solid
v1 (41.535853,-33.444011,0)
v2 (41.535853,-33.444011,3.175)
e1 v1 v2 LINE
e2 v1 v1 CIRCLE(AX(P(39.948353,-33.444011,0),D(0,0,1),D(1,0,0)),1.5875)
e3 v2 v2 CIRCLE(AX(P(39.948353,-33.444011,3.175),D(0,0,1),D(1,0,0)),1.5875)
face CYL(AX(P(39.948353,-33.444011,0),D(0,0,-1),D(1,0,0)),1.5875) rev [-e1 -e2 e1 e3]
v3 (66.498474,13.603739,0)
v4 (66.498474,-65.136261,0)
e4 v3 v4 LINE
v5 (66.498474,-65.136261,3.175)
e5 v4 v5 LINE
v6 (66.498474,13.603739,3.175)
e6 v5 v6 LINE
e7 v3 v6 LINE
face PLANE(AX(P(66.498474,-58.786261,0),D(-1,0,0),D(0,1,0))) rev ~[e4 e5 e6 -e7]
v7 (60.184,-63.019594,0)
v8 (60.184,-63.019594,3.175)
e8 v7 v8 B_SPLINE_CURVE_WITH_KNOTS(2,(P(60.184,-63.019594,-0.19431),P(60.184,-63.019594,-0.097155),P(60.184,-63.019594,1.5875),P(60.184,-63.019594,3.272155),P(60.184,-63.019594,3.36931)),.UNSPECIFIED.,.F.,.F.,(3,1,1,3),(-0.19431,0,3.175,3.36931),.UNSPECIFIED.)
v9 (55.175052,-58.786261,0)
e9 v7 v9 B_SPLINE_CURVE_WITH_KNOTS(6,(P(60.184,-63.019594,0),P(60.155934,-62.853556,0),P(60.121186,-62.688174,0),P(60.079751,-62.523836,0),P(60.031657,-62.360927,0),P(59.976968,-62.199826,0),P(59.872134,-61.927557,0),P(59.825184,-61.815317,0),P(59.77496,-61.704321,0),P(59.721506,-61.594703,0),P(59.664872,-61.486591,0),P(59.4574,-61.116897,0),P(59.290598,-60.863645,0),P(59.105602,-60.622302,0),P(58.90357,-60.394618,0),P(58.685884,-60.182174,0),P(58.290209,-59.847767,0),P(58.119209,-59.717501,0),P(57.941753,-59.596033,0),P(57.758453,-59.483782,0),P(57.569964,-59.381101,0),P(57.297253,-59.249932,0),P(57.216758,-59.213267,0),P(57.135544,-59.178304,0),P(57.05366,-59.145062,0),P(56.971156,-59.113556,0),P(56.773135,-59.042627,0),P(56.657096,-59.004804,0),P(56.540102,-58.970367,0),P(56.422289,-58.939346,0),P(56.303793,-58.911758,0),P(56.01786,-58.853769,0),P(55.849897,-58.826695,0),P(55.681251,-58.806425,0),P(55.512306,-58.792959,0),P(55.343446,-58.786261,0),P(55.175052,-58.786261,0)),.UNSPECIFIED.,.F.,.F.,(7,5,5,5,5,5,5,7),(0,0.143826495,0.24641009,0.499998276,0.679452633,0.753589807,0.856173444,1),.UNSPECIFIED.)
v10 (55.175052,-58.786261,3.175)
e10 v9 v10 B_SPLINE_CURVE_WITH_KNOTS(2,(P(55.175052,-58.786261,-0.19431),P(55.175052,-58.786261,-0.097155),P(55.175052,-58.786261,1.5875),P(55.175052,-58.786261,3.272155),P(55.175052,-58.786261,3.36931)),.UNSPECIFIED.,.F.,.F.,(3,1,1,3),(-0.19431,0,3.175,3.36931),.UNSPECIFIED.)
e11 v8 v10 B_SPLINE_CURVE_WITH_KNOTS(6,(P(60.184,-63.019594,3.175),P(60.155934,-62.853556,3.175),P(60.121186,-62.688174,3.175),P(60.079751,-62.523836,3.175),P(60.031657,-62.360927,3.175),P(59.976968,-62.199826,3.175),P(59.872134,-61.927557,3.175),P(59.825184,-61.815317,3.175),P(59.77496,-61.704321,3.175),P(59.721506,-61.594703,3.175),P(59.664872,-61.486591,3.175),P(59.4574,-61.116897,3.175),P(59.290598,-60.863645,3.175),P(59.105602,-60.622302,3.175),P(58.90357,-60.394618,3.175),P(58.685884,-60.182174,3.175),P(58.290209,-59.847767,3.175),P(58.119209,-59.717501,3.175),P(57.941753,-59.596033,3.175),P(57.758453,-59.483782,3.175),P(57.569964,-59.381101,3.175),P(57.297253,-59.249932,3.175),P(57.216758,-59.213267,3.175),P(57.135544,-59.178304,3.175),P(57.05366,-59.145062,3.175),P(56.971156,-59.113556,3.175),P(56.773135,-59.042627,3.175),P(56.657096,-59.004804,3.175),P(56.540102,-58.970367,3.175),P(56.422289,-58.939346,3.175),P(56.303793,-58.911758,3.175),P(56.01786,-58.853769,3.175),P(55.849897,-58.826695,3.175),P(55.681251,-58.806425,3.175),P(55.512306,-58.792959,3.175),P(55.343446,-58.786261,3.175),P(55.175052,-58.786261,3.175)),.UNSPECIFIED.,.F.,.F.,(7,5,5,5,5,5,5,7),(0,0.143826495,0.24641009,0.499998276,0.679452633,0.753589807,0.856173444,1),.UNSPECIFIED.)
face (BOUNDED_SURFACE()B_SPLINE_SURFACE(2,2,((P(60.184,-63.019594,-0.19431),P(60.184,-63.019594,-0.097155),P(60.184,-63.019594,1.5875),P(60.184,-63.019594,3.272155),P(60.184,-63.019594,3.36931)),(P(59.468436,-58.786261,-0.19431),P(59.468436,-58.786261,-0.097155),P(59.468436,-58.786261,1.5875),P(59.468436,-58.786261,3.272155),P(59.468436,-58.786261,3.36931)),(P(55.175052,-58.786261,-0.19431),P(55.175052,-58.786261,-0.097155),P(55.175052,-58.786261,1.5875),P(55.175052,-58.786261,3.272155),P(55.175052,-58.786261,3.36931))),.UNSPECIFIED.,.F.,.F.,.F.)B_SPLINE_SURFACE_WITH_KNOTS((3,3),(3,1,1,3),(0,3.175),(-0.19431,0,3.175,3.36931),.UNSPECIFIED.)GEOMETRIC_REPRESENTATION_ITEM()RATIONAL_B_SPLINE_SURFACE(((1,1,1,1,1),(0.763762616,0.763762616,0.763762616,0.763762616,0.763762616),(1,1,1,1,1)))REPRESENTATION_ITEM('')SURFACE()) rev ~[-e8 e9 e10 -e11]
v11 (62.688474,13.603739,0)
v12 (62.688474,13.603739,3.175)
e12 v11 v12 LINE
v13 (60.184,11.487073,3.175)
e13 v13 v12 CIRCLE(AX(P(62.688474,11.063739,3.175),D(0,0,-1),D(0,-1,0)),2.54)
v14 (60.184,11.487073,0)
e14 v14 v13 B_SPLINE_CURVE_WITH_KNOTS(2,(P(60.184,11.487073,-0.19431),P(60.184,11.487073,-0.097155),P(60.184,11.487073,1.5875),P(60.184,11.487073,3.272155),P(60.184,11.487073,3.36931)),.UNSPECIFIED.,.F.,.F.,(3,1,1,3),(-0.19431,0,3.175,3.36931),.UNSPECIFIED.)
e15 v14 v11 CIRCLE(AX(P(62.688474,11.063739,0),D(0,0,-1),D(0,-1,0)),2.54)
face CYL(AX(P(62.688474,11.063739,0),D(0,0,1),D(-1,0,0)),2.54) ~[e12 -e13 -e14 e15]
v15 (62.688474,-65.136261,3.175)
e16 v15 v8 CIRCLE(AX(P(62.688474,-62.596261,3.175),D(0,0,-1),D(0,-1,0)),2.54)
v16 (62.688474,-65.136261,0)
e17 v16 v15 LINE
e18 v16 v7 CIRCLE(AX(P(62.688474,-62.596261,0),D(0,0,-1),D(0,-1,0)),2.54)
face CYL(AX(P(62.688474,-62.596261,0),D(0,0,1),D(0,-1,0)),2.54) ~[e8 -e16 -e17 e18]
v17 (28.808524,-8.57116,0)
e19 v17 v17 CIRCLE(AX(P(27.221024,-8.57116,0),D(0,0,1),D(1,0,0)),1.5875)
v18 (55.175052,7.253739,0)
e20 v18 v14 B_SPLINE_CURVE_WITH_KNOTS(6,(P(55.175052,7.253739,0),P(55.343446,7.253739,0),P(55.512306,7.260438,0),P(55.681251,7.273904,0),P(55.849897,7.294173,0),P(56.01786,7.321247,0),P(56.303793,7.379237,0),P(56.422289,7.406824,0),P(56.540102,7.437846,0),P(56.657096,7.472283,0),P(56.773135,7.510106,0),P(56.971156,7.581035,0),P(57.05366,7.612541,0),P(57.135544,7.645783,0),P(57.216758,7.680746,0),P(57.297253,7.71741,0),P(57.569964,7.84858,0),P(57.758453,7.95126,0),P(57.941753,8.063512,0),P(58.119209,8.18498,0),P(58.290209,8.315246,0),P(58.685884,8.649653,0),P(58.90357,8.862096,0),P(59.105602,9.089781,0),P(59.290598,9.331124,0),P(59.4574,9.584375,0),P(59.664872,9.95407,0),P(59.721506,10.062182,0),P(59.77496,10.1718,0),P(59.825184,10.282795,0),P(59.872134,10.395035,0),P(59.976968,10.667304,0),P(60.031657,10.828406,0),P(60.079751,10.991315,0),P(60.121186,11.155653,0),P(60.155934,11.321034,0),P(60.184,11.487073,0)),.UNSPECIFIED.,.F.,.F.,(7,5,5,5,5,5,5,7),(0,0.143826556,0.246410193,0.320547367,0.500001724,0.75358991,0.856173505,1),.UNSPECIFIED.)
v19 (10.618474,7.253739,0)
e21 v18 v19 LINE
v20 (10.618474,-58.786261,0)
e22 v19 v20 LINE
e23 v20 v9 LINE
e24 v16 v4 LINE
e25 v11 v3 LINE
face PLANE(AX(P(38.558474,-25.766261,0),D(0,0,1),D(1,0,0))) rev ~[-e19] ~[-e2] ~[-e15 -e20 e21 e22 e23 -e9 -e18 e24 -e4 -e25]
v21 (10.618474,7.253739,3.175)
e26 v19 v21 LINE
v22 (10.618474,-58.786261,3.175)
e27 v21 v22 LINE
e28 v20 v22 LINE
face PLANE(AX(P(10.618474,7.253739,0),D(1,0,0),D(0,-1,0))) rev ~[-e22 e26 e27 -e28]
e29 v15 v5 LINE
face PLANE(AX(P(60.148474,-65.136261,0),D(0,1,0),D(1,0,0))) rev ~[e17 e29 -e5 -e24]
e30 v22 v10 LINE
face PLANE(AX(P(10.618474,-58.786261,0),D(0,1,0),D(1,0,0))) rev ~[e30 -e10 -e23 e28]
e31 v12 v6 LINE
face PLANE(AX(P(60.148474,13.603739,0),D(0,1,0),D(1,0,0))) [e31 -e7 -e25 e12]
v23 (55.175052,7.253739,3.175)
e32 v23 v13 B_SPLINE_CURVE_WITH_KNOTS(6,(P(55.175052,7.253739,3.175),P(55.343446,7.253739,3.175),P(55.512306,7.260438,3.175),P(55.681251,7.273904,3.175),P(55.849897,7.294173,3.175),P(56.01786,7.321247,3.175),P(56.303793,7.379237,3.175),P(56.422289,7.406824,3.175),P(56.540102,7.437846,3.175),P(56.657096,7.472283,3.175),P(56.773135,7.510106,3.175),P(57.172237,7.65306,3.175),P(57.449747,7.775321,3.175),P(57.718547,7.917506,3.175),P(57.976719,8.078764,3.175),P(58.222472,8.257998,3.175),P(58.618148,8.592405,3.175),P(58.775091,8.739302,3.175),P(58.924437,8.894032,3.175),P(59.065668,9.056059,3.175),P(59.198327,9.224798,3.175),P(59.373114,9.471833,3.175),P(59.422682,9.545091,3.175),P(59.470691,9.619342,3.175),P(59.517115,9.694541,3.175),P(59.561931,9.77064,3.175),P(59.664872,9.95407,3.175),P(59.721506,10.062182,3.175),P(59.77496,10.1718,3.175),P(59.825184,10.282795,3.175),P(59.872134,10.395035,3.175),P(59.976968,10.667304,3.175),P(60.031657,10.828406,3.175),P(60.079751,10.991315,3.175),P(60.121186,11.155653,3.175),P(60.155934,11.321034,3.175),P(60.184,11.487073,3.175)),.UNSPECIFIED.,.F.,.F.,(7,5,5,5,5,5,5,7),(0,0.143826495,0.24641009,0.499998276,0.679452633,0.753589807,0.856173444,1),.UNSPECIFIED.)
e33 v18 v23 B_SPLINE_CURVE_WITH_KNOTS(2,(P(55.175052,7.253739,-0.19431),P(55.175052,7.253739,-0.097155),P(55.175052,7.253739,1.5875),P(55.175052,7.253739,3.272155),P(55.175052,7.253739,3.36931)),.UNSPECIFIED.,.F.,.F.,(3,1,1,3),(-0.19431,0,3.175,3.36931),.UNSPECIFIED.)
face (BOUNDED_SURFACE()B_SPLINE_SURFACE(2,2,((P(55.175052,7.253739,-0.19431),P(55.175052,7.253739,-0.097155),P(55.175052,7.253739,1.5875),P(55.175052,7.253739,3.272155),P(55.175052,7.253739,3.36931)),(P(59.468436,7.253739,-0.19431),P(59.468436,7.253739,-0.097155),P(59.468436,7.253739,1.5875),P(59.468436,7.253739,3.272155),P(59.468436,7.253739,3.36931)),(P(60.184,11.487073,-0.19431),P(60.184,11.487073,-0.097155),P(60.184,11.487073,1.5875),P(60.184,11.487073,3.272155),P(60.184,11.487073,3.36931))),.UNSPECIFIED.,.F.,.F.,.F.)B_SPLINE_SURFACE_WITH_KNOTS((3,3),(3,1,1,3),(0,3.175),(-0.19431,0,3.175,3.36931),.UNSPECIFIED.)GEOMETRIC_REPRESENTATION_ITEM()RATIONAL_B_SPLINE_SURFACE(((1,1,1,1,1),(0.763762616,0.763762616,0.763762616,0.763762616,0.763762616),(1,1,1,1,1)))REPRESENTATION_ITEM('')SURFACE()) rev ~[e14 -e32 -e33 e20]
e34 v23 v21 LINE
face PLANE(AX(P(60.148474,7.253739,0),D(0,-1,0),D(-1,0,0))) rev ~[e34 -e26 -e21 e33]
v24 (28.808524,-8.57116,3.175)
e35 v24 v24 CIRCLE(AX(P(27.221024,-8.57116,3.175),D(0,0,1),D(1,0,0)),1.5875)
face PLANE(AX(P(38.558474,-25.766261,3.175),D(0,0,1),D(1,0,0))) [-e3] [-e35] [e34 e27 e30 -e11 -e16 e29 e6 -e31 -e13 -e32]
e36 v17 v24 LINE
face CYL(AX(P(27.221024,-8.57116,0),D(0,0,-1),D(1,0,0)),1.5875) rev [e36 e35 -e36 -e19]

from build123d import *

# Parameters (mm, degrees)
F0_W     = 6.35
F0_H     = 6.35
F1_DEPTH = 3.175
F0_R     = 1.5875
F2_DEPTH = 3.175
F3_R     = 2.54
F4_R     = 5.08


with BuildPart() as f1:
    # F0 (on Top) → F1 (new body)
    with BuildSketch(Plane.XY):
        Polygon((60.1484737206, 7.2537393374), (10.6184737206, 7.2537393374), (10.6184737206, -58.7862606626), (60.1484737206, -58.7862606626), (66.4984737206, -58.7862606626), (66.4984737206, 7.2537393374), align=None)
        with BuildLine():
            ThreePointArc((22.7113279829, -20.4435077931), (20.0093369897, 1.8826225402), (39.9210240364, -8.5711600259))
            ThreePointArc((39.9210240364, -8.5711600259), (39.8123227124, -10.2292304863), (39.4880795243, -11.8589175682))
            ThreePointArc((39.4880795243, -11.8589175682), (55.0511803081, -18.0157023959), (61.5383527356, -33.4440107709))
            ThreePointArc((61.5383527356, -33.4440107709), (33.0934006719, -53.9168643142), (22.7113279829, -20.4435077931))
        make_face(mode=Mode.SUBTRACT)
        with Locations((63.3234737206, 10.4287393374)):
            Rectangle(F0_W, F0_H)
        with Locations((63.3234737206, -61.9612606626)):
            Rectangle(F0_W, F0_H)
    extrude(amount=F1_DEPTH)

    # F0 (on Top) → F2 (join)
    with BuildSketch(Plane.XY):
        Polygon((60.1484737206, 7.2537393374), (10.6184737206, 7.2537393374), (10.6184737206, -58.7862606626), (60.1484737206, -58.7862606626), (66.4984737206, -58.7862606626), (66.4984737206, 7.2537393374), align=None)
        with BuildLine():
            ThreePointArc((22.7113279829, -20.4435077931), (20.0093369897, 1.8826225402), (39.9210240364, -8.5711600259))
            ThreePointArc((39.9210240364, -8.5711600259), (39.8123227124, -10.2292304863), (39.4880795243, -11.8589175682))
            ThreePointArc((39.4880795243, -11.8589175682), (55.0511803081, -18.0157023959), (61.5383527356, -33.4440107709))
            ThreePointArc((61.5383527356, -33.4440107709), (33.0934006719, -53.9168643142), (22.7113279829, -20.4435077931))
        make_face(mode=Mode.SUBTRACT)
        with BuildLine():
            ThreePointArc((39.4880795243, -11.8589175682), (39.8123227124, -10.2292304863), (39.9210240364, -8.5711600259))
            ThreePointArc((39.9210240364, -8.5711600259), (20.0093369897, 1.8826225402), (22.7113279829, -20.4435077931))
            ThreePointArc((22.7113279829, -20.4435077931), (26.0598460264, -16.9141141774), (30.1135988267, -14.2240806058))
            ThreePointArc((30.1135988267, -14.2240806058), (34.6667436153, -12.5100024328), (39.4880795243, -11.8589175682))
        make_face()
        with BuildLine():
            ThreePointArc((33.5710240364, -8.5711600259), (32.6381427317, -11.8843646741), (30.1135988267, -14.2240806058))
            ThreePointArc((30.1135988267, -14.2240806058), (21.8039053411, -5.2579553777), (33.5710240364, -8.5711600259))
        make_face(mode=Mode.SUBTRACT)
        with BuildLine():
            ThreePointArc((30.1135988267, -14.2240806058), (26.0598460264, -16.9141141774), (22.7113279829, -20.4435077931))
            ThreePointArc((22.7113279829, -20.4435077931), (33.0061734451, -19.8770012736), (39.4880795243, -11.8589175682))
            ThreePointArc((39.4880795243, -11.8589175682), (34.6667436153, -12.5100024328), (30.1135988267, -14.2240806058))
        make_face()
        with BuildLine():
            ThreePointArc((39.4880795243, -11.8589175682), (33.0061734451, -19.8770012736), (22.7113279829, -20.4435077931))
            ThreePointArc((22.7113279829, -20.4435077931), (33.0934006719, -53.9168643142), (61.5383527356, -33.4440107709))
            ThreePointArc((61.5383527356, -33.4440107709), (55.0511803081, -18.0157023959), (39.4880795243, -11.8589175682))
        make_face()
        with Locations((39.9483527356, -33.4440107709)):
            Circle(F0_R, mode=Mode.SUBTRACT)
        with BuildLine():
            ThreePointArc((33.5710240364, -8.5711600259), (21.8039053411, -5.2579553777), (30.1135988267, -14.2240806058))
            ThreePointArc((30.1135988267, -14.2240806058), (32.6381427317, -11.8843646741), (33.5710240364, -8.5711600259))
        make_face()
        with Locations((27.2210240364, -8.5711600259)):
            Circle(F0_R, mode=Mode.SUBTRACT)
    extrude(amount=F2_DEPTH)

    # F3
    f3_edges = [f1.edges().sort_by_distance(p)[0] for p in [
        (60.148474, -65.136261, 1.5875),
        (60.148474, 13.603739, 1.5875),
    ]]
    fillet(f3_edges, radius=F3_R)

    # F4
    f4_edges = [f1.edges().sort_by_distance(p)[0] for p in [
        (60.148474, -58.786261, 1.5875),
        (60.148474, 7.253739, 1.5875),
    ]]
    fillet(f4_edges, radius=F4_R)


solid = f1.part
